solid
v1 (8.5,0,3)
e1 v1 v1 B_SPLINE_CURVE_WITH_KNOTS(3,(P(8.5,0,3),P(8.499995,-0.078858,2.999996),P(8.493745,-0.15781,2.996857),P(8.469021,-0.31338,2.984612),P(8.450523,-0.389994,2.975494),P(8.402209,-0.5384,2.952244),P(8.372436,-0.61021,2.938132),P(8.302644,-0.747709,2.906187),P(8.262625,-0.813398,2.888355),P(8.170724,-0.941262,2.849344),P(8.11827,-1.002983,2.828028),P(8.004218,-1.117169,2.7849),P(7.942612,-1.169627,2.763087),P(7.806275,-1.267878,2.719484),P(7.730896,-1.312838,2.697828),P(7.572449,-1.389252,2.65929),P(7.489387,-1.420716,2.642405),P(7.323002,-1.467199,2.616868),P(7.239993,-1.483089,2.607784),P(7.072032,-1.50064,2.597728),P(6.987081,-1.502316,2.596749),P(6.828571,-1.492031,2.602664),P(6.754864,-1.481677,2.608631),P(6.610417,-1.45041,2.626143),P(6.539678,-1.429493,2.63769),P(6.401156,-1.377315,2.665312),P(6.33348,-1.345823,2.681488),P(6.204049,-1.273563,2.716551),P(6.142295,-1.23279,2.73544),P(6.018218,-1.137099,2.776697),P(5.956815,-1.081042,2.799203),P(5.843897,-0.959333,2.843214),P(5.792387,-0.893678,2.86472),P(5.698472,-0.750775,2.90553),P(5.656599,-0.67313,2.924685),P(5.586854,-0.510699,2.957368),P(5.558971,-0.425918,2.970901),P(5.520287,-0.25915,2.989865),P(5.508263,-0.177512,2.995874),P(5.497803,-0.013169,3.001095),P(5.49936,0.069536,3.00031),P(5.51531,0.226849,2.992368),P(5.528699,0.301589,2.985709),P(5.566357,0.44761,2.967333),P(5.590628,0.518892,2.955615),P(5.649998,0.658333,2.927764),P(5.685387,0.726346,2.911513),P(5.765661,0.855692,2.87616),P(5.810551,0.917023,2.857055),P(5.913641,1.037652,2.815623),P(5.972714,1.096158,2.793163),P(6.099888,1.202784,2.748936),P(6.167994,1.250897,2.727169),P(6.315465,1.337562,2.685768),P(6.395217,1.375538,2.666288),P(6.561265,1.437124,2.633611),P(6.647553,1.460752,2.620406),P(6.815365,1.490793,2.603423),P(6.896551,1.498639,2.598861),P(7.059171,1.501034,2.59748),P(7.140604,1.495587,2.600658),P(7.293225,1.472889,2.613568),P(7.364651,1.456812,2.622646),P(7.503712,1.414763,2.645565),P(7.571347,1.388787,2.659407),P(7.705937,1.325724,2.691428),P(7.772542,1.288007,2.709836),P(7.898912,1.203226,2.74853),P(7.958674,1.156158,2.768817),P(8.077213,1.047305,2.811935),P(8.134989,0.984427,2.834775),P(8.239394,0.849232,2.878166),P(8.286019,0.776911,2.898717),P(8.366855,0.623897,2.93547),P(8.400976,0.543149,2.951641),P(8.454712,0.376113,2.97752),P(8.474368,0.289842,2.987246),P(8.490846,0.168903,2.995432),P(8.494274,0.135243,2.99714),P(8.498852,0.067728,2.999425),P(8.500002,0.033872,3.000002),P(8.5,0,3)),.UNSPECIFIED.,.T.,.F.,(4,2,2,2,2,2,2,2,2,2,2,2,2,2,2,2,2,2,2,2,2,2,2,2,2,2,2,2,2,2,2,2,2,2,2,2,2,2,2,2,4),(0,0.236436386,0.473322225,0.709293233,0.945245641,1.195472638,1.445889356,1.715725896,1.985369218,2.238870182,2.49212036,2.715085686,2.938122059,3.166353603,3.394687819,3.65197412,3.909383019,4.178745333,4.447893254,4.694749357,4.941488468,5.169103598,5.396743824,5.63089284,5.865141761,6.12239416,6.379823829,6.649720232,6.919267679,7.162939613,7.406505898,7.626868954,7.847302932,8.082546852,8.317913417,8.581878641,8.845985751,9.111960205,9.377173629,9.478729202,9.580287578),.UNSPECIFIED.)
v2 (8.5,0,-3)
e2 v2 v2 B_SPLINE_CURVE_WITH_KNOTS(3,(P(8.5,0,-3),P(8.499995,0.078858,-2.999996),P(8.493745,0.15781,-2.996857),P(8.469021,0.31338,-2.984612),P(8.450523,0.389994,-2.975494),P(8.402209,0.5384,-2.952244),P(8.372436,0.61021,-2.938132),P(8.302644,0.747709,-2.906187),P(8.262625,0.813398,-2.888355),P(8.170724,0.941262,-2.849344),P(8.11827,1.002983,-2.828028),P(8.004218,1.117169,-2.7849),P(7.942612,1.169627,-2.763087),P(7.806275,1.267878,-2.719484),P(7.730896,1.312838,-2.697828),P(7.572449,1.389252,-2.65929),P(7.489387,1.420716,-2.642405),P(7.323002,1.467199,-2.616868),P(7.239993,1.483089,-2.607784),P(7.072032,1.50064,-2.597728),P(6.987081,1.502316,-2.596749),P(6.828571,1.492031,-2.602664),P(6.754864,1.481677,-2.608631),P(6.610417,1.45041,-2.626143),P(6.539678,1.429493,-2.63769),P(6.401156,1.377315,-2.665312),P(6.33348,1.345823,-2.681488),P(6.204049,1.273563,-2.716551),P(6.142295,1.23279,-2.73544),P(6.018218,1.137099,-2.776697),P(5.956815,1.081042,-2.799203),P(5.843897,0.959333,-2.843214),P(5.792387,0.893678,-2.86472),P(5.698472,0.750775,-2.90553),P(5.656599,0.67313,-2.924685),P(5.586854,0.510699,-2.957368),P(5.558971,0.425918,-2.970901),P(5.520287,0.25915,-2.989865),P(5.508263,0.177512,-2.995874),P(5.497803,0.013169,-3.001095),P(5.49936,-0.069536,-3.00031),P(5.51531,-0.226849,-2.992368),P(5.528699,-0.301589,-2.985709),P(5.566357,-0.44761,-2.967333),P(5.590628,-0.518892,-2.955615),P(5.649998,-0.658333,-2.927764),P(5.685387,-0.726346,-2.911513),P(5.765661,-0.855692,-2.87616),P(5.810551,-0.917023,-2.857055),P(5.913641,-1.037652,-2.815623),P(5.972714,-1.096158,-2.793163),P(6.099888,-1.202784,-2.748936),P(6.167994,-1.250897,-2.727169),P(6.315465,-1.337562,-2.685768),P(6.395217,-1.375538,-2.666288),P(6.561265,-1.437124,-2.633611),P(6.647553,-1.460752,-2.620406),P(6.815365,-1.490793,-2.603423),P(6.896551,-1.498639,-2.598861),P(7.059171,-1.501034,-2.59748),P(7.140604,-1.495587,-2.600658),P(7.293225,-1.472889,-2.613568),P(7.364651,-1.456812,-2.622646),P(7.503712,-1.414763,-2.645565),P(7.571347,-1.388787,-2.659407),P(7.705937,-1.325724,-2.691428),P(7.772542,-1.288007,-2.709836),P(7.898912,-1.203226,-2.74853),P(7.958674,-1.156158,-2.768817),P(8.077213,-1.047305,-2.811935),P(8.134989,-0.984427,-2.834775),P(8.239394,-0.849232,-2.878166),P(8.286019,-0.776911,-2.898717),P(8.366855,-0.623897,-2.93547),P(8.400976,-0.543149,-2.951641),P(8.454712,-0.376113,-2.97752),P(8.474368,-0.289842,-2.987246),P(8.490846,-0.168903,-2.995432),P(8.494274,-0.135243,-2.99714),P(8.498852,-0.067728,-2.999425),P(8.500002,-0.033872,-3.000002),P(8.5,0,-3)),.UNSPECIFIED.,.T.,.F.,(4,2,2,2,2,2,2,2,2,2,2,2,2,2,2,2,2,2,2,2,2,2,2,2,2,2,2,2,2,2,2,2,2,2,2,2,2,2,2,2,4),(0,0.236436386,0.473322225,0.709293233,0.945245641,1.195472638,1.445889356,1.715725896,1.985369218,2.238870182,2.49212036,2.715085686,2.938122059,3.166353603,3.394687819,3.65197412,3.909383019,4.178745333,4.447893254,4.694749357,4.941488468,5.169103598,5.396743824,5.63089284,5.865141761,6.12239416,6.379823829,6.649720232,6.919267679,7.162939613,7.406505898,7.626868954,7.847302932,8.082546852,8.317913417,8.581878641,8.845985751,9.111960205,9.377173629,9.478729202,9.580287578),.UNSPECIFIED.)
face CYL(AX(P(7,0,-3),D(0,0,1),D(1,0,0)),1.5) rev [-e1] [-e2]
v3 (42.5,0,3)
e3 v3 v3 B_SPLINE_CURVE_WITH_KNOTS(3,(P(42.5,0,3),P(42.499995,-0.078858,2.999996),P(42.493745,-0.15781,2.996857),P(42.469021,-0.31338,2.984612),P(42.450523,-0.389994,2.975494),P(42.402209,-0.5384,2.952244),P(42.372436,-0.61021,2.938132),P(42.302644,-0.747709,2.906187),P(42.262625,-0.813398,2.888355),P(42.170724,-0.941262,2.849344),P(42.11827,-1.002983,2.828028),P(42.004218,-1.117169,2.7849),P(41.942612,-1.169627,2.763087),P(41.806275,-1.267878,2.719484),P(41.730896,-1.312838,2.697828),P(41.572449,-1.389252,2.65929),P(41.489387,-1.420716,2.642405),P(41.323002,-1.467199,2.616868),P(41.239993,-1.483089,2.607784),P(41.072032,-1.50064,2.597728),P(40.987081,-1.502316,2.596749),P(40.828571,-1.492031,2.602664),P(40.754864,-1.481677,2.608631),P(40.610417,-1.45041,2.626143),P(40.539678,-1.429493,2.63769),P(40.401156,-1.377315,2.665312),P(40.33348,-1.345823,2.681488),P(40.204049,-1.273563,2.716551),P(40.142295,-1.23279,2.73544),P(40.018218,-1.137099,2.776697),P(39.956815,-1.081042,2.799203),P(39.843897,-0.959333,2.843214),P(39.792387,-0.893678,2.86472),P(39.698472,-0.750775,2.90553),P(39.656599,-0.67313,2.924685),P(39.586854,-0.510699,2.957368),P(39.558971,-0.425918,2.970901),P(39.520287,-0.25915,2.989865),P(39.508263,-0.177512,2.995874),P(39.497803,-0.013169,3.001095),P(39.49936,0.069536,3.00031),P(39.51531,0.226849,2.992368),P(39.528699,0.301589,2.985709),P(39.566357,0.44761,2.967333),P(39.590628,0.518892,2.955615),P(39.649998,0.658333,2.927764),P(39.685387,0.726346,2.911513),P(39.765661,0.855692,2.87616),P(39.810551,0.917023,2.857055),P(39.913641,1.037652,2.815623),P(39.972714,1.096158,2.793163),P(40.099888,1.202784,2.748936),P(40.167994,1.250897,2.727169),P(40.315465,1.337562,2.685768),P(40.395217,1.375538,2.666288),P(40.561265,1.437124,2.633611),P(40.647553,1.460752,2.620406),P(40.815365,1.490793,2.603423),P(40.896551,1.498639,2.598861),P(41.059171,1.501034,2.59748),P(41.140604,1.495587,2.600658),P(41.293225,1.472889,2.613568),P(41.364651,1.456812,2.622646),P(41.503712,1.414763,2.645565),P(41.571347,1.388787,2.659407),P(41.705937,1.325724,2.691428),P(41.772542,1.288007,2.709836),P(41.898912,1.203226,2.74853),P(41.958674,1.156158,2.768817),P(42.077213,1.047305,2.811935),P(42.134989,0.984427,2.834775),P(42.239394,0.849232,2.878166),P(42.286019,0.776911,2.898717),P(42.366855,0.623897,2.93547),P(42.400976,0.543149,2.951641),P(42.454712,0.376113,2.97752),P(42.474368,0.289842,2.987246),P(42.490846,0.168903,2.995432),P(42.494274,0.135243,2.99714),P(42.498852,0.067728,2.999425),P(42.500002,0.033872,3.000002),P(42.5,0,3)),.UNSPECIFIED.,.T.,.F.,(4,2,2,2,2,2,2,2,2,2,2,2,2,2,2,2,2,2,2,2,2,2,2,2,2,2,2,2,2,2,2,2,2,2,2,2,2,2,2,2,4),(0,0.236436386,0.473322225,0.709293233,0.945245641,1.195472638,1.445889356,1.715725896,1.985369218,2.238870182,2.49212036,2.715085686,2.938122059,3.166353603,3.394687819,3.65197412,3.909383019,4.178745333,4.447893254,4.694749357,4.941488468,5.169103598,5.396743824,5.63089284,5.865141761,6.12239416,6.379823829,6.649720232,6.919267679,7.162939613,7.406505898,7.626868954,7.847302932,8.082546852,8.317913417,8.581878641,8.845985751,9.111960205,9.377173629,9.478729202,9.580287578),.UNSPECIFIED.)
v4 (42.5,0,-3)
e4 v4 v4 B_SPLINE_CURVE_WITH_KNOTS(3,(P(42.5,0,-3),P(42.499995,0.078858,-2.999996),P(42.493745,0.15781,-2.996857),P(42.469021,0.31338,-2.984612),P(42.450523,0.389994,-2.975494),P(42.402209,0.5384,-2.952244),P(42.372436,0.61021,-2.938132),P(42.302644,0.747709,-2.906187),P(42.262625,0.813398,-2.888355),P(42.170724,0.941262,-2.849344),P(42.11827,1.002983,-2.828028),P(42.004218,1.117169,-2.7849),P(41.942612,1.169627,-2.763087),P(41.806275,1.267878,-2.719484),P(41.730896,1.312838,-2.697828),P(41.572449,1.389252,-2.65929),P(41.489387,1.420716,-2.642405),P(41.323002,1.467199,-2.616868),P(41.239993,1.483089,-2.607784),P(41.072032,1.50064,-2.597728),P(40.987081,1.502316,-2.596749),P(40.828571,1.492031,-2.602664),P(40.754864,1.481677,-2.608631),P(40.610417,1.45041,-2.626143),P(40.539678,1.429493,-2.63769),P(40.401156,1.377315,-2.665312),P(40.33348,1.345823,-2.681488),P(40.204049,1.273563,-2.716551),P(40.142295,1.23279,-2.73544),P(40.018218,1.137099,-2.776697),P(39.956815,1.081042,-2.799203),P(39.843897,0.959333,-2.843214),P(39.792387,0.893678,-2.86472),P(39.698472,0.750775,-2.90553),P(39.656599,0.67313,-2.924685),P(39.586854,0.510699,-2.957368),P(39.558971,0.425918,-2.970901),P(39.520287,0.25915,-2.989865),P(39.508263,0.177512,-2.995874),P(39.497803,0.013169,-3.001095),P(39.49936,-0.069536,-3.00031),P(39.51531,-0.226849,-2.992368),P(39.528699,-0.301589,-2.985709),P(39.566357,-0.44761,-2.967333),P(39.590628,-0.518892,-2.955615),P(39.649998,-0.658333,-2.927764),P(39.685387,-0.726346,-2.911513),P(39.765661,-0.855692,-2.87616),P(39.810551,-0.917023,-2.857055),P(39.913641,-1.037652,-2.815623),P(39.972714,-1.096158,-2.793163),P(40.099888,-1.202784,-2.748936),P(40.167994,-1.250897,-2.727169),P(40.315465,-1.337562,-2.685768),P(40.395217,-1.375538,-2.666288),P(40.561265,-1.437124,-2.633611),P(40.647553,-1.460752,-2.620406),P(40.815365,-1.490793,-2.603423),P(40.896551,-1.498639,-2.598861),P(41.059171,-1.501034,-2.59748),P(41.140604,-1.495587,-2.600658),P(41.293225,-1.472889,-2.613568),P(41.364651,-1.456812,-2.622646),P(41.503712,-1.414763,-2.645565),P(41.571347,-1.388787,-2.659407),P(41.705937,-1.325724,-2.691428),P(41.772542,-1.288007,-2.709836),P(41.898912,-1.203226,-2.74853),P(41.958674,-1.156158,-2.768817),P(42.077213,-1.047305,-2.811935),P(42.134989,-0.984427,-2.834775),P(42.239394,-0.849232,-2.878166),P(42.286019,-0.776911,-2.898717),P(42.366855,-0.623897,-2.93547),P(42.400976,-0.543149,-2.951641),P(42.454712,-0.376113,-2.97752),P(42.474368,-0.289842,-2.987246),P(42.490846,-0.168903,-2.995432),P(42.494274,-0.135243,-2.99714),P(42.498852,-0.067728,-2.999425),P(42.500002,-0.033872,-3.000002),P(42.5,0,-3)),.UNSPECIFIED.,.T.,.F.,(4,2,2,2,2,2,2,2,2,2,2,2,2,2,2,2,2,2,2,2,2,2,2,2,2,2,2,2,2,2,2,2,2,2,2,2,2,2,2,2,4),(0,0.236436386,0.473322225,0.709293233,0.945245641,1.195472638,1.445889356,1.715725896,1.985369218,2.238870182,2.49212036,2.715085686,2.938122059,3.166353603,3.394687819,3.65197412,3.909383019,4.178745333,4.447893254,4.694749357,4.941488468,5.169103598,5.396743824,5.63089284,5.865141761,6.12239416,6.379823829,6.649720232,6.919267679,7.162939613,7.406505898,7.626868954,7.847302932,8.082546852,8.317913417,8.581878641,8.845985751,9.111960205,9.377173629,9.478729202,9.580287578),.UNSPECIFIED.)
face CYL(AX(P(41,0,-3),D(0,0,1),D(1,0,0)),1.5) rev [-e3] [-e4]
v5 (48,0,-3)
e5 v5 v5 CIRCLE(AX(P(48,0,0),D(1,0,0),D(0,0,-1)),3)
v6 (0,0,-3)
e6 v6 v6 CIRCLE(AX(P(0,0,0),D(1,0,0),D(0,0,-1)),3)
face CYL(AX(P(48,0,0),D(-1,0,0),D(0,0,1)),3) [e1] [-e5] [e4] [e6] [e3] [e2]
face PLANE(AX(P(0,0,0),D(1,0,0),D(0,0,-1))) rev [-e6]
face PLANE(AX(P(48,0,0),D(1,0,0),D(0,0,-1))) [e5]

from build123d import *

# Parameters (mm, degrees)
SKETCH1_R               = 3
BOSS_EXTRUDE1_DEPTH     = 48
CUT_EXTRUDE1_DEPTH      = 49.187135213
CUT_EXTRUDE1_DEPTH_BACK = 49.187135213
SKETCH2_R               = 1.5


with BuildPart() as part:
    # Sketch1 → Boss-Extrude1 (new body)
    with BuildSketch(Plane.YZ):
        with Locations(Location((0, 0, 0), (0, 0, 270))):
            Circle(SKETCH1_R)
    extrude(amount=BOSS_EXTRUDE1_DEPTH)

    # Sketch2 → Cut-Extrude1 (cut, two sides: drawn at the far end of the back side and taken through both)
    with BuildSketch(Plane(origin=(0, 0, 0), x_dir=(0, 1, 0), z_dir=(0, 0, 1)).offset(-CUT_EXTRUDE1_DEPTH_BACK)):
        with Locations(Location((0, -41, 0), (0, 0, 270))):
            Circle(SKETCH2_R)
        with Locations(Location((0, -7, 0), (0, 0, 270))):
            Circle(SKETCH2_R)
    extrude(amount=CUT_EXTRUDE1_DEPTH + CUT_EXTRUDE1_DEPTH_BACK, mode=Mode.SUBTRACT)


solid = part.part
